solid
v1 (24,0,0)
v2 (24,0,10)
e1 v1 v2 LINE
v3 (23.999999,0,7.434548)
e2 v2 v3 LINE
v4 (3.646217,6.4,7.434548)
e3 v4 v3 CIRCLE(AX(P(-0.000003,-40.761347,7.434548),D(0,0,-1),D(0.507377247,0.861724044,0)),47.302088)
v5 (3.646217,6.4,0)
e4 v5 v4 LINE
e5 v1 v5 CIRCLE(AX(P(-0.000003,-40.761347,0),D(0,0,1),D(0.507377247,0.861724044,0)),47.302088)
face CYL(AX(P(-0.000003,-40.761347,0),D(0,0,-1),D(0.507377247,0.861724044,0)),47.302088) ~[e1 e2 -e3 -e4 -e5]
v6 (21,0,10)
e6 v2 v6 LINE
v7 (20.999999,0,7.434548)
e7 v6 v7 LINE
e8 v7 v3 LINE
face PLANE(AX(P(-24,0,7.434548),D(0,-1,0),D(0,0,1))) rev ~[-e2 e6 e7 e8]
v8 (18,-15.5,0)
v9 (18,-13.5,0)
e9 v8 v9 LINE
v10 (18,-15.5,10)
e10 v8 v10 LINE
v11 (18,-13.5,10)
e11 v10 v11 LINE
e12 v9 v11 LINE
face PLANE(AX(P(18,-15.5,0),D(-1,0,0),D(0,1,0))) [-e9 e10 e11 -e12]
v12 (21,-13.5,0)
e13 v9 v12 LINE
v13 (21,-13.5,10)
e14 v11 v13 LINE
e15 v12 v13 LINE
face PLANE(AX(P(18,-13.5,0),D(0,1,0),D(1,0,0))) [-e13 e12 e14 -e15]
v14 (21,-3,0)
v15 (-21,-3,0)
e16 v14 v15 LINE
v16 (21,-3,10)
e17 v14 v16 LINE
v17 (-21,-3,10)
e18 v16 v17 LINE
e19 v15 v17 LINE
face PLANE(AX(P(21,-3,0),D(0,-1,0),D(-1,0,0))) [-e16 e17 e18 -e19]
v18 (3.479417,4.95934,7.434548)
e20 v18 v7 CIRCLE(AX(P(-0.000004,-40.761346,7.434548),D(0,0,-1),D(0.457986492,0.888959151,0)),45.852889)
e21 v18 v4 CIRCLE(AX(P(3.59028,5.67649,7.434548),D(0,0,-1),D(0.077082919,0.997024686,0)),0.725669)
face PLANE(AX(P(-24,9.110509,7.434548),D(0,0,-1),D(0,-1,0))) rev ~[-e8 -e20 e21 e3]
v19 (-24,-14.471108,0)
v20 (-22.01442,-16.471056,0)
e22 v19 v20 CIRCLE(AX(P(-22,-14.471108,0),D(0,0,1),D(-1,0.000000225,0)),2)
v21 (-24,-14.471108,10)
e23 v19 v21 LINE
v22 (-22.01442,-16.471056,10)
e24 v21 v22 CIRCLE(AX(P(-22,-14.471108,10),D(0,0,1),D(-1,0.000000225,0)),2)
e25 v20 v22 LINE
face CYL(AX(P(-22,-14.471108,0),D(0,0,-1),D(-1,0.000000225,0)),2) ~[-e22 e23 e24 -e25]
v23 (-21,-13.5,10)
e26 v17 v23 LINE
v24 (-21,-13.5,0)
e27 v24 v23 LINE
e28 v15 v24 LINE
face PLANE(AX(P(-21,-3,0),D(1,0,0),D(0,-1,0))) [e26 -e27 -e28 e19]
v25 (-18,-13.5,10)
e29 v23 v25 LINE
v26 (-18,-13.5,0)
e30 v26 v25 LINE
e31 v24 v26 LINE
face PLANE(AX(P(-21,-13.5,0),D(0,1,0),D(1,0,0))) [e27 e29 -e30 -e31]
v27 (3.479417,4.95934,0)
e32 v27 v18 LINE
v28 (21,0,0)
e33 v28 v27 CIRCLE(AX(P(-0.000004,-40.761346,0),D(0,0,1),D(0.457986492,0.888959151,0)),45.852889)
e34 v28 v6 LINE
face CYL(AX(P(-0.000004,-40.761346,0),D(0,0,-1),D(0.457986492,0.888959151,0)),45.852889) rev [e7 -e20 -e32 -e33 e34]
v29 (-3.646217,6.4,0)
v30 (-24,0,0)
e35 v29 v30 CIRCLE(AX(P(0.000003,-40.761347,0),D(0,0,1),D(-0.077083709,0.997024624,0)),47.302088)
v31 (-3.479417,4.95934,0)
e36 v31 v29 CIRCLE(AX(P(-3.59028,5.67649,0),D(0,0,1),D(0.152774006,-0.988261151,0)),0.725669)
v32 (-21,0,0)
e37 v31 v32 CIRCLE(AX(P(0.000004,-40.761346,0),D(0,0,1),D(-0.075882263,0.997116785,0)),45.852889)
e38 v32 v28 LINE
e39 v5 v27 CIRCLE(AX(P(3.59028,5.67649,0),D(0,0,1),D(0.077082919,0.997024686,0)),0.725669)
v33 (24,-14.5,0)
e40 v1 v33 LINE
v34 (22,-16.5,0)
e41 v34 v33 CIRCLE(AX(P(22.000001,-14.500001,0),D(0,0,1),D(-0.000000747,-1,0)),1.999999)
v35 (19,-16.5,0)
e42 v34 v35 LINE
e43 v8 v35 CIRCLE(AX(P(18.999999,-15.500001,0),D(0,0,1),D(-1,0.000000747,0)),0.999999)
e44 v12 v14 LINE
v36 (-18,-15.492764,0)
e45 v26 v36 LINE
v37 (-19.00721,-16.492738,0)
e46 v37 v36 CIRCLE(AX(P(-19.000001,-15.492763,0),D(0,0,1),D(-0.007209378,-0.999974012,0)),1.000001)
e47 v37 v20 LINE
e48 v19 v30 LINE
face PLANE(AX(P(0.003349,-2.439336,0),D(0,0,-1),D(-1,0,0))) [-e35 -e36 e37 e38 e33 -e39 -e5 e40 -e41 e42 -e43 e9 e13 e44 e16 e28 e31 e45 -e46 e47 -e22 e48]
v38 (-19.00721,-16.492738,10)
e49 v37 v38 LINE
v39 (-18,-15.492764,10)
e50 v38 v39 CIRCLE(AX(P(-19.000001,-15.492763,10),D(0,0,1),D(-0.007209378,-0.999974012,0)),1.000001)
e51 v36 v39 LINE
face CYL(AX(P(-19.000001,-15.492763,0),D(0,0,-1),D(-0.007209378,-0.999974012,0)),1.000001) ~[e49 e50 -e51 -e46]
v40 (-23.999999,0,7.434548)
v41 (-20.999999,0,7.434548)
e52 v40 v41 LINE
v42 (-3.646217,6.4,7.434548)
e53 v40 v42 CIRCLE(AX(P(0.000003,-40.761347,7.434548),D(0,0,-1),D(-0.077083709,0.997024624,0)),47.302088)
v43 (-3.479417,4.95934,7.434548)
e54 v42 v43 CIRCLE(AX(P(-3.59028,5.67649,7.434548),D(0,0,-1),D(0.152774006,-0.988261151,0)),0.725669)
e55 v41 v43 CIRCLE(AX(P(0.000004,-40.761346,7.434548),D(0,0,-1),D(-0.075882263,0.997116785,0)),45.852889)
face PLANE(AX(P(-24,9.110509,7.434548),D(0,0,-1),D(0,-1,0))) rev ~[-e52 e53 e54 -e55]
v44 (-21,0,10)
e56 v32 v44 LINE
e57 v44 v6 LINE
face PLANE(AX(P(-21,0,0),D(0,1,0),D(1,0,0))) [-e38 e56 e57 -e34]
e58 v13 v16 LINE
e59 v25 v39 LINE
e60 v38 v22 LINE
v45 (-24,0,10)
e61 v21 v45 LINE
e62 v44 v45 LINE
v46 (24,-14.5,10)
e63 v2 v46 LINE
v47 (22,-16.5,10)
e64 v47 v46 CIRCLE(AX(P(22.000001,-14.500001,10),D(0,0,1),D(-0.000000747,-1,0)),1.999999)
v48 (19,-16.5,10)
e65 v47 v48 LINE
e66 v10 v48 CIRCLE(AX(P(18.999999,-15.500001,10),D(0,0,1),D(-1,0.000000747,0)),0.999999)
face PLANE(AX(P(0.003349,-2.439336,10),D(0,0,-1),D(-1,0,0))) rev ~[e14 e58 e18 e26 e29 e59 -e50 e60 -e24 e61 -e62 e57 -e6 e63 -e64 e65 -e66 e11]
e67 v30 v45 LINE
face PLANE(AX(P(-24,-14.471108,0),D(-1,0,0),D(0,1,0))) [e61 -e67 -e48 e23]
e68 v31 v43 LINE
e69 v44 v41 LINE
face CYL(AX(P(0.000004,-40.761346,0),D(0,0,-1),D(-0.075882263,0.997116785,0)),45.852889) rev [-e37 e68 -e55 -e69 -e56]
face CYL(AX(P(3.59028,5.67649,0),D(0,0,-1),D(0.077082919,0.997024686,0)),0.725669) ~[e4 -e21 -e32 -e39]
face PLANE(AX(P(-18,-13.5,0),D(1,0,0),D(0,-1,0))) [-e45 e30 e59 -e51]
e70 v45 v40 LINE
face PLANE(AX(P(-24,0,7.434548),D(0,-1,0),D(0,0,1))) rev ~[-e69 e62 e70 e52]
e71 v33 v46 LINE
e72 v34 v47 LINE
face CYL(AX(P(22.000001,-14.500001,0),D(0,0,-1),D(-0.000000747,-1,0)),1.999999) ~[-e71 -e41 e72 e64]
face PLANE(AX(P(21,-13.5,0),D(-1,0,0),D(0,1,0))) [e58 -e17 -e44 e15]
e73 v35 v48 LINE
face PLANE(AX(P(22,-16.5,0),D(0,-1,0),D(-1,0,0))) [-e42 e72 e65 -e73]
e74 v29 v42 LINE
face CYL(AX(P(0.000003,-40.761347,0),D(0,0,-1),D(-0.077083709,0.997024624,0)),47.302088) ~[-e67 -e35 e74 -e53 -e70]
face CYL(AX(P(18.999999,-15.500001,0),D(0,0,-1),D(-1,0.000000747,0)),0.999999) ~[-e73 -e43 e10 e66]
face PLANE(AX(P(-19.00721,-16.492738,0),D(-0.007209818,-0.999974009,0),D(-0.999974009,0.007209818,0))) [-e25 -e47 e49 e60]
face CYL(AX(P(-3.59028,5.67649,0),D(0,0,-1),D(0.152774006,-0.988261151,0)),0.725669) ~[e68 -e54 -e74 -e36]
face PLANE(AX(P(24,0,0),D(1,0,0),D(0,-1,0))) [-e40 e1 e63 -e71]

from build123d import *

# Parameters (mm, degrees)
PAD_DEPTH    = 10
SKETCH001_W  = 9.110509
SKETCH001_H  = 17.177114
POCKET_DEPTH = 48.001


with BuildPart() as part:
    # Sketch → Pad (new body)
    with BuildSketch(Plane.XY):
        with BuildLine():
            Line((24, 0), (24, -14.5))
            ThreePointArc((22, -16.5), (23.414214, -15.914214), (24, -14.5))
            Line((22, -16.5), (19, -16.5))
            ThreePointArc((18, -15.5), (18.292893, -16.207107), (19, -16.5))
            Line((18, -15.5), (18, -13.5))
            Line((18, -13.5), (21, -13.5))
            Line((21, -13.5), (21, -3))
            Line((21, -3), (-21, -3))
            Line((-21, -3), (-21, -13.5))
            Line((-21, -13.5), (-18, -13.5))
            Line((-18, -13.5), (-18, -15.492764))
            ThreePointArc((-19.00721, -16.492738), (-18.295447, -16.202415), (-18, -15.492764))
            Line((-19.00721, -16.492738), (-22.01442, -16.471056))
            ThreePointArc((-24, -14.471108), (-23.419303, -15.880214), (-22.01442, -16.471056))
            Line((-24, -14.471108), (-24, 0))
            ThreePointArc((-3.646217, 6.4), (-14.188669, 4.362584), (-24, 0))
            ThreePointArc((-3.479417, 4.95934), (-2.869427, 5.759951), (-3.646217, 6.4))
            ThreePointArc((-3.479417, 4.95934), (-12.488364, 3.35813), (-21, 0))
            Line((-21, 0), (21, 0))
            ThreePointArc((21, 0), (12.488364, 3.35813), (3.479417, 4.95934))
            ThreePointArc((3.646217, 6.4), (2.869427, 5.759951), (3.479417, 4.95934))
            ThreePointArc((24, 0), (14.188669, 4.362584), (3.646217, 6.4))
        make_face()
    extrude(amount=PAD_DEPTH)

    # Sketch001 (on Face16 of Pad) → Pocket (cut, through all)
    with BuildSketch(Plane(origin=(-24, 0, 0), x_dir=(0, -1, 0), z_dir=(-1, 0, 0))):
        with Locations((-4.555255, 16.023105)):
            Rectangle(SKETCH001_W, SKETCH001_H)
    extrude(amount=-POCKET_DEPTH, mode=Mode.SUBTRACT)


solid = part.part
